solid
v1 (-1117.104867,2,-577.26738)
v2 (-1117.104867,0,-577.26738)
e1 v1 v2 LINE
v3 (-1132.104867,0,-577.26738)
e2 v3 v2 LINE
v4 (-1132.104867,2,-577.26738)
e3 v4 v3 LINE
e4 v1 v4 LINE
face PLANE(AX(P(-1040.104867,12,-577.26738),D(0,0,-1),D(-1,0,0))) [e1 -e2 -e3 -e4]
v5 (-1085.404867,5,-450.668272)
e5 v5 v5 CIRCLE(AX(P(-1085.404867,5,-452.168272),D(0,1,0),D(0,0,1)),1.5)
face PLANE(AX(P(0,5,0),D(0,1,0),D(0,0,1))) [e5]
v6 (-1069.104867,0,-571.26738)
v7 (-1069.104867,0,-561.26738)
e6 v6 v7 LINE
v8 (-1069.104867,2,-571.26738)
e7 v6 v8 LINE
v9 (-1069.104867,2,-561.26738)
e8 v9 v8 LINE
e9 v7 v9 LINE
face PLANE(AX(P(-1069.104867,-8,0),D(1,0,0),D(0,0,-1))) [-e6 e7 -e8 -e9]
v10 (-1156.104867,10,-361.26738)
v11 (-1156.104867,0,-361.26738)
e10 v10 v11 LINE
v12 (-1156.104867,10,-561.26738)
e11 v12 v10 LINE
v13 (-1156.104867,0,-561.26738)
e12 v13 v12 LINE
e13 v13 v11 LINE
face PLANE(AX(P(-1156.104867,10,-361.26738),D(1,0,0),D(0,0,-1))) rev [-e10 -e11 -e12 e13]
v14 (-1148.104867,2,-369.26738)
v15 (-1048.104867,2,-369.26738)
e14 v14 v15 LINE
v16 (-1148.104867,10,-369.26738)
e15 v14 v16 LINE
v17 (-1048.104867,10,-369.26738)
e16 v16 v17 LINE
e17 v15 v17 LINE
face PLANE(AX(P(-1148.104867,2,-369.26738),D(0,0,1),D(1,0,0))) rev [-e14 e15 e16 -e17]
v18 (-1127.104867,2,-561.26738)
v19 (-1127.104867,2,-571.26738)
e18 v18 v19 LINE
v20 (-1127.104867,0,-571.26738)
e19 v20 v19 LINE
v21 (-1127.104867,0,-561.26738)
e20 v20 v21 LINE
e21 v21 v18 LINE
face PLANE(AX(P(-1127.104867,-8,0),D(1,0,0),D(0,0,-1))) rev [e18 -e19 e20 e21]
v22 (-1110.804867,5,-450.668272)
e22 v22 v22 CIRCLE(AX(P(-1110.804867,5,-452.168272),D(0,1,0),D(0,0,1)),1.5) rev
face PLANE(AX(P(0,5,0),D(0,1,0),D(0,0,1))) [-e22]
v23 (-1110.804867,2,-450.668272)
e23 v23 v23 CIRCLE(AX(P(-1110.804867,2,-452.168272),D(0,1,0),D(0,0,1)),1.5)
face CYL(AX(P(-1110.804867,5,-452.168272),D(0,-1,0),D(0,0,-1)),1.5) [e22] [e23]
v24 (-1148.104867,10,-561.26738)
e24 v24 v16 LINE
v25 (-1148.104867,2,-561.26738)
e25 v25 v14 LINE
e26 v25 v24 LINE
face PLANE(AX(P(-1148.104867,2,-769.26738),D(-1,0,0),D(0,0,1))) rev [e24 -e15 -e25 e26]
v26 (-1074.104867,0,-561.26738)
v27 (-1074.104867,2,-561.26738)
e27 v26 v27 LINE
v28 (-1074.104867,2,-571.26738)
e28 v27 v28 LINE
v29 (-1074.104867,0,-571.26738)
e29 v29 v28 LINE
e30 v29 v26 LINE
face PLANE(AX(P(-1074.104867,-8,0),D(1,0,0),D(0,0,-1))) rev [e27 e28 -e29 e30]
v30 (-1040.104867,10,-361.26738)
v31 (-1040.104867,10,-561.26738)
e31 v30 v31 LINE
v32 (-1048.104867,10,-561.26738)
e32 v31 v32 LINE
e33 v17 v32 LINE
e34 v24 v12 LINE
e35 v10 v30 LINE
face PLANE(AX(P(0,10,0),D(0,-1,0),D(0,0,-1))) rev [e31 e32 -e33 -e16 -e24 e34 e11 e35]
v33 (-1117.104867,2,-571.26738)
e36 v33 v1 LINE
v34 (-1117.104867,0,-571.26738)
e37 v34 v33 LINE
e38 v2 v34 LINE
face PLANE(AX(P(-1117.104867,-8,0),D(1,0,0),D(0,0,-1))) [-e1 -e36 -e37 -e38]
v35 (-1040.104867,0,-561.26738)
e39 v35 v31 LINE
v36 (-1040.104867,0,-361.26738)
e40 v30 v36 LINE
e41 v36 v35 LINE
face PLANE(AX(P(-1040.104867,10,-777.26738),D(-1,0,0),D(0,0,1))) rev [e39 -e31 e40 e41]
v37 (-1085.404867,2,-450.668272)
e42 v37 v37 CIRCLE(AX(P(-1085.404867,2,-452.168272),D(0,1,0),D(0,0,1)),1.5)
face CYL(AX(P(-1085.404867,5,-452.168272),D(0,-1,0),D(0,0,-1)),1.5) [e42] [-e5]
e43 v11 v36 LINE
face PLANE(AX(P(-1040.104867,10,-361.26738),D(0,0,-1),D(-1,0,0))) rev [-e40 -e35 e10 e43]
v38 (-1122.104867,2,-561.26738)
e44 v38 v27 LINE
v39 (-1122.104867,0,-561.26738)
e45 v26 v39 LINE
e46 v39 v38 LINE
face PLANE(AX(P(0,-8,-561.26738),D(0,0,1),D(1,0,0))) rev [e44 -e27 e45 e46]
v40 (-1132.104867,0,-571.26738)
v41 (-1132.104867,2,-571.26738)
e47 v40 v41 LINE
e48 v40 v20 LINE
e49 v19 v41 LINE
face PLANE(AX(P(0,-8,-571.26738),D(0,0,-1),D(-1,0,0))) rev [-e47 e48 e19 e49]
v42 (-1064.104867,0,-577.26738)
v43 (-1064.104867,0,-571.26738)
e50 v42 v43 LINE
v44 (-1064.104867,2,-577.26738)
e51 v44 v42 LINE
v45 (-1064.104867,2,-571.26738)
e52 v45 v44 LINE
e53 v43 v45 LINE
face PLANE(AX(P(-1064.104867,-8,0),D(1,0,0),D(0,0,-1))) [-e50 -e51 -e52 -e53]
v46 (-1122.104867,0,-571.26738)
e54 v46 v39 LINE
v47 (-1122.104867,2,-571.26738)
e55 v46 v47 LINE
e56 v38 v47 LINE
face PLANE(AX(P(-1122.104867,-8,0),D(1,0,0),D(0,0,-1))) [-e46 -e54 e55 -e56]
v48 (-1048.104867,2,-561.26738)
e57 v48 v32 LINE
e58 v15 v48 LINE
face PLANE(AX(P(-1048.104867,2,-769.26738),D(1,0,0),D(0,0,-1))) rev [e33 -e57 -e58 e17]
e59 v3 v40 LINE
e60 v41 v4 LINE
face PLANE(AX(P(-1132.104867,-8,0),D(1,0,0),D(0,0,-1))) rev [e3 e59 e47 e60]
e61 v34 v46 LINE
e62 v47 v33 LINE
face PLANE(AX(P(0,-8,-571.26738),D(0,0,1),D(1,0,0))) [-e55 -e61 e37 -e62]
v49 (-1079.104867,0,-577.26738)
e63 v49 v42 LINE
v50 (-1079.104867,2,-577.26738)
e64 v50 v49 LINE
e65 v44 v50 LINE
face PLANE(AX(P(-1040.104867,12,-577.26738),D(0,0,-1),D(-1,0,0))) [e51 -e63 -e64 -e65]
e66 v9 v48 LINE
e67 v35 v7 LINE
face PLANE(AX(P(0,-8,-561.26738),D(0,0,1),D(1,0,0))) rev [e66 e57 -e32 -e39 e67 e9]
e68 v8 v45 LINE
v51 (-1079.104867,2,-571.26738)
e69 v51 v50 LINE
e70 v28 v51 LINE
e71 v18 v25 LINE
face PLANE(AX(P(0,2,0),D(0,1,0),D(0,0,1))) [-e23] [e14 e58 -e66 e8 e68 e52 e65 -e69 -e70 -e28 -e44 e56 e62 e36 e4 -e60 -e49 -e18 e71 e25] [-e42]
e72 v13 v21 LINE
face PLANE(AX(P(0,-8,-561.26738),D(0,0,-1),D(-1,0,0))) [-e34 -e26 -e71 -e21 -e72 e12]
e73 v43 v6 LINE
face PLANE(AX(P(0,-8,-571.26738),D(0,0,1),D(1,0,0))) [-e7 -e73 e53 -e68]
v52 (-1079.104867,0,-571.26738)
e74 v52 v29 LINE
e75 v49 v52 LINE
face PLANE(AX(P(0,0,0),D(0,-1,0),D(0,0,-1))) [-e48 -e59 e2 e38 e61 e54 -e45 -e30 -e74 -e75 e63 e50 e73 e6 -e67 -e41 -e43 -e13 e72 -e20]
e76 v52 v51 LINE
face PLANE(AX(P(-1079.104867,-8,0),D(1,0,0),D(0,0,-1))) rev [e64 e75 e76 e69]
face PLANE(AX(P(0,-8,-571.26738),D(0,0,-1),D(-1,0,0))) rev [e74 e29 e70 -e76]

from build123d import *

# Parameters (mm, degrees)
SKETCH3_W               = 116
SKETCH3_H               = 416
BOSS_EXTRUDE1_DEPTH     = 10
SKETCH4_W               = 100
SKETCH4_H               = 400
CUT_EXTRUDE1_DEPTH      = 8
SKETCH6_W               = 3
SKETCH6_H               = 100
BOSS_EXTRUDE4_DEPTH     = 3
SKETCH7_R               = 1.5
BOSS_EXTRUDE5_DEPTH     = 3
CUT_EXTRUDE3_DEPTH      = 10
CUT_EXTRUDE3_DEPTH_BACK = 10
SKETCH8_W               = 116
SKETCH8_H               = 200
CUT_EXTRUDE4_DEPTH      = 10
SKETCH11_W              = 8
SKETCH11_H              = 16
CUT_EXTRUDE5_DEPTH      = 10
SKETCH13_R              = 1.5
BOSS_EXTRUDE8_DEPTH     = 3


with BuildPart() as part:
    # Sketch3 → Boss-Extrude1 (new body)
    with BuildSketch(Plane(origin=(0, 0, 0), x_dir=(1, 0, 0), z_dir=(0, 1, 0))):
        with Locations((-1098.104867157, 569.267379684)):
            Rectangle(SKETCH3_W, SKETCH3_H)
    extrude(amount=BOSS_EXTRUDE1_DEPTH)

    # Sketch4 → Cut-Extrude1 (cut)
    with BuildSketch(Plane(origin=(0, 10, 0), x_dir=(1, 0, 0), z_dir=(0, 1, 0))):
        with Locations((-1098.104867157, 569.267379684)):
            Rectangle(SKETCH4_W, SKETCH4_H)
    extrude(amount=-CUT_EXTRUDE1_DEPTH, mode=Mode.SUBTRACT)

    # Sketch6 → Boss-Extrude4 (add)
    with BuildSketch(Plane(origin=(0, 2, 0), x_dir=(1, 0, 0), z_dir=(0, 1, 0))):
        with Locations((-1129.604867157, 719.267379684)):
            Rectangle(SKETCH6_W, SKETCH6_H)
        with Locations((-1066.604867157, 719.267379684)):
            Rectangle(SKETCH6_W, SKETCH6_H)
    extrude(amount=BOSS_EXTRUDE4_DEPTH)

    # Sketch7 → Boss-Extrude5 (add)
    with BuildSketch(Plane(origin=(0, 2, 0), x_dir=(1, 0, 0), z_dir=(0, 1, 0))):
        with Locations(Location((-1085.404867157, 452.168271652, 0), (0, 0, 270))):
            Circle(SKETCH7_R)
    extrude(amount=BOSS_EXTRUDE5_DEPTH)

    # Sketch8 → Cut-Extrude3 (cut, two sides: drawn at the far end of the back side and taken through both)
    with BuildSketch(Plane(origin=(0, 2, 0), x_dir=(1, 0, 0), z_dir=(0, 1, 0)).offset(-CUT_EXTRUDE3_DEPTH_BACK)):
        with Locations((-1098.104867157, 677.267379684)):
            Rectangle(SKETCH8_W, SKETCH8_H)
    extrude(amount=CUT_EXTRUDE3_DEPTH + CUT_EXTRUDE3_DEPTH_BACK, mode=Mode.SUBTRACT)

    # Sketch9 → Cut-Extrude4 (cut)
    with BuildSketch(Plane(origin=(0, 2, 0), x_dir=(1, 0, 0), z_dir=(0, 1, 0))):
        Polygon((-1156.104867157, 577.267379684), (-1156.104867157, 561.267379684), (-1127.104867157, 561.267379684), (-1127.104867157, 571.267379684), (-1132.104867157, 571.267379684), (-1132.104867157, 577.267379684), align=None)
        Polygon((-1079.104867157, 577.267379684), (-1117.104867157, 577.267379684), (-1117.104867157, 571.267379684), (-1122.104867157, 571.267379684), (-1122.104867157, 561.267379684), (-1074.104867157, 561.267379684), (-1074.104867157, 571.267379684), (-1079.104867157, 571.267379684), align=None)
        Polygon((-1069.104867157, 561.267379684), (-1048.104867157, 561.267379684), (-1048.104867157, 577.267379684), (-1064.104867157, 577.267379684), (-1064.104867157, 571.267379684), (-1069.104867157, 571.267379684), align=None)
    extrude(amount=-CUT_EXTRUDE4_DEPTH, mode=Mode.SUBTRACT)

    # Sketch11 → Cut-Extrude5 (cut)
    with BuildSketch(Plane(origin=(0, 10, 0), x_dir=(1, 0, 0), z_dir=(0, 1, 0))):
        with Locations((-1152.104867157, 569.267379684)):
            Rectangle(SKETCH11_W, SKETCH11_H)
        with Locations((-1044.104867157, 569.267379684)):
            Rectangle(SKETCH11_W, SKETCH11_H)
    extrude(amount=-CUT_EXTRUDE5_DEPTH, mode=Mode.SUBTRACT)

    # Sketch13 → Boss-Extrude8 (add)
    with BuildSketch(Plane(origin=(0, 2, 0), x_dir=(1, 0, 0), z_dir=(0, 1, 0))):
        with Locations(Location((-1110.804867157, 452.168271652, 0), (0, 0, 270))):
            Circle(SKETCH13_R)
    extrude(amount=BOSS_EXTRUDE8_DEPTH)


solid = part.part
